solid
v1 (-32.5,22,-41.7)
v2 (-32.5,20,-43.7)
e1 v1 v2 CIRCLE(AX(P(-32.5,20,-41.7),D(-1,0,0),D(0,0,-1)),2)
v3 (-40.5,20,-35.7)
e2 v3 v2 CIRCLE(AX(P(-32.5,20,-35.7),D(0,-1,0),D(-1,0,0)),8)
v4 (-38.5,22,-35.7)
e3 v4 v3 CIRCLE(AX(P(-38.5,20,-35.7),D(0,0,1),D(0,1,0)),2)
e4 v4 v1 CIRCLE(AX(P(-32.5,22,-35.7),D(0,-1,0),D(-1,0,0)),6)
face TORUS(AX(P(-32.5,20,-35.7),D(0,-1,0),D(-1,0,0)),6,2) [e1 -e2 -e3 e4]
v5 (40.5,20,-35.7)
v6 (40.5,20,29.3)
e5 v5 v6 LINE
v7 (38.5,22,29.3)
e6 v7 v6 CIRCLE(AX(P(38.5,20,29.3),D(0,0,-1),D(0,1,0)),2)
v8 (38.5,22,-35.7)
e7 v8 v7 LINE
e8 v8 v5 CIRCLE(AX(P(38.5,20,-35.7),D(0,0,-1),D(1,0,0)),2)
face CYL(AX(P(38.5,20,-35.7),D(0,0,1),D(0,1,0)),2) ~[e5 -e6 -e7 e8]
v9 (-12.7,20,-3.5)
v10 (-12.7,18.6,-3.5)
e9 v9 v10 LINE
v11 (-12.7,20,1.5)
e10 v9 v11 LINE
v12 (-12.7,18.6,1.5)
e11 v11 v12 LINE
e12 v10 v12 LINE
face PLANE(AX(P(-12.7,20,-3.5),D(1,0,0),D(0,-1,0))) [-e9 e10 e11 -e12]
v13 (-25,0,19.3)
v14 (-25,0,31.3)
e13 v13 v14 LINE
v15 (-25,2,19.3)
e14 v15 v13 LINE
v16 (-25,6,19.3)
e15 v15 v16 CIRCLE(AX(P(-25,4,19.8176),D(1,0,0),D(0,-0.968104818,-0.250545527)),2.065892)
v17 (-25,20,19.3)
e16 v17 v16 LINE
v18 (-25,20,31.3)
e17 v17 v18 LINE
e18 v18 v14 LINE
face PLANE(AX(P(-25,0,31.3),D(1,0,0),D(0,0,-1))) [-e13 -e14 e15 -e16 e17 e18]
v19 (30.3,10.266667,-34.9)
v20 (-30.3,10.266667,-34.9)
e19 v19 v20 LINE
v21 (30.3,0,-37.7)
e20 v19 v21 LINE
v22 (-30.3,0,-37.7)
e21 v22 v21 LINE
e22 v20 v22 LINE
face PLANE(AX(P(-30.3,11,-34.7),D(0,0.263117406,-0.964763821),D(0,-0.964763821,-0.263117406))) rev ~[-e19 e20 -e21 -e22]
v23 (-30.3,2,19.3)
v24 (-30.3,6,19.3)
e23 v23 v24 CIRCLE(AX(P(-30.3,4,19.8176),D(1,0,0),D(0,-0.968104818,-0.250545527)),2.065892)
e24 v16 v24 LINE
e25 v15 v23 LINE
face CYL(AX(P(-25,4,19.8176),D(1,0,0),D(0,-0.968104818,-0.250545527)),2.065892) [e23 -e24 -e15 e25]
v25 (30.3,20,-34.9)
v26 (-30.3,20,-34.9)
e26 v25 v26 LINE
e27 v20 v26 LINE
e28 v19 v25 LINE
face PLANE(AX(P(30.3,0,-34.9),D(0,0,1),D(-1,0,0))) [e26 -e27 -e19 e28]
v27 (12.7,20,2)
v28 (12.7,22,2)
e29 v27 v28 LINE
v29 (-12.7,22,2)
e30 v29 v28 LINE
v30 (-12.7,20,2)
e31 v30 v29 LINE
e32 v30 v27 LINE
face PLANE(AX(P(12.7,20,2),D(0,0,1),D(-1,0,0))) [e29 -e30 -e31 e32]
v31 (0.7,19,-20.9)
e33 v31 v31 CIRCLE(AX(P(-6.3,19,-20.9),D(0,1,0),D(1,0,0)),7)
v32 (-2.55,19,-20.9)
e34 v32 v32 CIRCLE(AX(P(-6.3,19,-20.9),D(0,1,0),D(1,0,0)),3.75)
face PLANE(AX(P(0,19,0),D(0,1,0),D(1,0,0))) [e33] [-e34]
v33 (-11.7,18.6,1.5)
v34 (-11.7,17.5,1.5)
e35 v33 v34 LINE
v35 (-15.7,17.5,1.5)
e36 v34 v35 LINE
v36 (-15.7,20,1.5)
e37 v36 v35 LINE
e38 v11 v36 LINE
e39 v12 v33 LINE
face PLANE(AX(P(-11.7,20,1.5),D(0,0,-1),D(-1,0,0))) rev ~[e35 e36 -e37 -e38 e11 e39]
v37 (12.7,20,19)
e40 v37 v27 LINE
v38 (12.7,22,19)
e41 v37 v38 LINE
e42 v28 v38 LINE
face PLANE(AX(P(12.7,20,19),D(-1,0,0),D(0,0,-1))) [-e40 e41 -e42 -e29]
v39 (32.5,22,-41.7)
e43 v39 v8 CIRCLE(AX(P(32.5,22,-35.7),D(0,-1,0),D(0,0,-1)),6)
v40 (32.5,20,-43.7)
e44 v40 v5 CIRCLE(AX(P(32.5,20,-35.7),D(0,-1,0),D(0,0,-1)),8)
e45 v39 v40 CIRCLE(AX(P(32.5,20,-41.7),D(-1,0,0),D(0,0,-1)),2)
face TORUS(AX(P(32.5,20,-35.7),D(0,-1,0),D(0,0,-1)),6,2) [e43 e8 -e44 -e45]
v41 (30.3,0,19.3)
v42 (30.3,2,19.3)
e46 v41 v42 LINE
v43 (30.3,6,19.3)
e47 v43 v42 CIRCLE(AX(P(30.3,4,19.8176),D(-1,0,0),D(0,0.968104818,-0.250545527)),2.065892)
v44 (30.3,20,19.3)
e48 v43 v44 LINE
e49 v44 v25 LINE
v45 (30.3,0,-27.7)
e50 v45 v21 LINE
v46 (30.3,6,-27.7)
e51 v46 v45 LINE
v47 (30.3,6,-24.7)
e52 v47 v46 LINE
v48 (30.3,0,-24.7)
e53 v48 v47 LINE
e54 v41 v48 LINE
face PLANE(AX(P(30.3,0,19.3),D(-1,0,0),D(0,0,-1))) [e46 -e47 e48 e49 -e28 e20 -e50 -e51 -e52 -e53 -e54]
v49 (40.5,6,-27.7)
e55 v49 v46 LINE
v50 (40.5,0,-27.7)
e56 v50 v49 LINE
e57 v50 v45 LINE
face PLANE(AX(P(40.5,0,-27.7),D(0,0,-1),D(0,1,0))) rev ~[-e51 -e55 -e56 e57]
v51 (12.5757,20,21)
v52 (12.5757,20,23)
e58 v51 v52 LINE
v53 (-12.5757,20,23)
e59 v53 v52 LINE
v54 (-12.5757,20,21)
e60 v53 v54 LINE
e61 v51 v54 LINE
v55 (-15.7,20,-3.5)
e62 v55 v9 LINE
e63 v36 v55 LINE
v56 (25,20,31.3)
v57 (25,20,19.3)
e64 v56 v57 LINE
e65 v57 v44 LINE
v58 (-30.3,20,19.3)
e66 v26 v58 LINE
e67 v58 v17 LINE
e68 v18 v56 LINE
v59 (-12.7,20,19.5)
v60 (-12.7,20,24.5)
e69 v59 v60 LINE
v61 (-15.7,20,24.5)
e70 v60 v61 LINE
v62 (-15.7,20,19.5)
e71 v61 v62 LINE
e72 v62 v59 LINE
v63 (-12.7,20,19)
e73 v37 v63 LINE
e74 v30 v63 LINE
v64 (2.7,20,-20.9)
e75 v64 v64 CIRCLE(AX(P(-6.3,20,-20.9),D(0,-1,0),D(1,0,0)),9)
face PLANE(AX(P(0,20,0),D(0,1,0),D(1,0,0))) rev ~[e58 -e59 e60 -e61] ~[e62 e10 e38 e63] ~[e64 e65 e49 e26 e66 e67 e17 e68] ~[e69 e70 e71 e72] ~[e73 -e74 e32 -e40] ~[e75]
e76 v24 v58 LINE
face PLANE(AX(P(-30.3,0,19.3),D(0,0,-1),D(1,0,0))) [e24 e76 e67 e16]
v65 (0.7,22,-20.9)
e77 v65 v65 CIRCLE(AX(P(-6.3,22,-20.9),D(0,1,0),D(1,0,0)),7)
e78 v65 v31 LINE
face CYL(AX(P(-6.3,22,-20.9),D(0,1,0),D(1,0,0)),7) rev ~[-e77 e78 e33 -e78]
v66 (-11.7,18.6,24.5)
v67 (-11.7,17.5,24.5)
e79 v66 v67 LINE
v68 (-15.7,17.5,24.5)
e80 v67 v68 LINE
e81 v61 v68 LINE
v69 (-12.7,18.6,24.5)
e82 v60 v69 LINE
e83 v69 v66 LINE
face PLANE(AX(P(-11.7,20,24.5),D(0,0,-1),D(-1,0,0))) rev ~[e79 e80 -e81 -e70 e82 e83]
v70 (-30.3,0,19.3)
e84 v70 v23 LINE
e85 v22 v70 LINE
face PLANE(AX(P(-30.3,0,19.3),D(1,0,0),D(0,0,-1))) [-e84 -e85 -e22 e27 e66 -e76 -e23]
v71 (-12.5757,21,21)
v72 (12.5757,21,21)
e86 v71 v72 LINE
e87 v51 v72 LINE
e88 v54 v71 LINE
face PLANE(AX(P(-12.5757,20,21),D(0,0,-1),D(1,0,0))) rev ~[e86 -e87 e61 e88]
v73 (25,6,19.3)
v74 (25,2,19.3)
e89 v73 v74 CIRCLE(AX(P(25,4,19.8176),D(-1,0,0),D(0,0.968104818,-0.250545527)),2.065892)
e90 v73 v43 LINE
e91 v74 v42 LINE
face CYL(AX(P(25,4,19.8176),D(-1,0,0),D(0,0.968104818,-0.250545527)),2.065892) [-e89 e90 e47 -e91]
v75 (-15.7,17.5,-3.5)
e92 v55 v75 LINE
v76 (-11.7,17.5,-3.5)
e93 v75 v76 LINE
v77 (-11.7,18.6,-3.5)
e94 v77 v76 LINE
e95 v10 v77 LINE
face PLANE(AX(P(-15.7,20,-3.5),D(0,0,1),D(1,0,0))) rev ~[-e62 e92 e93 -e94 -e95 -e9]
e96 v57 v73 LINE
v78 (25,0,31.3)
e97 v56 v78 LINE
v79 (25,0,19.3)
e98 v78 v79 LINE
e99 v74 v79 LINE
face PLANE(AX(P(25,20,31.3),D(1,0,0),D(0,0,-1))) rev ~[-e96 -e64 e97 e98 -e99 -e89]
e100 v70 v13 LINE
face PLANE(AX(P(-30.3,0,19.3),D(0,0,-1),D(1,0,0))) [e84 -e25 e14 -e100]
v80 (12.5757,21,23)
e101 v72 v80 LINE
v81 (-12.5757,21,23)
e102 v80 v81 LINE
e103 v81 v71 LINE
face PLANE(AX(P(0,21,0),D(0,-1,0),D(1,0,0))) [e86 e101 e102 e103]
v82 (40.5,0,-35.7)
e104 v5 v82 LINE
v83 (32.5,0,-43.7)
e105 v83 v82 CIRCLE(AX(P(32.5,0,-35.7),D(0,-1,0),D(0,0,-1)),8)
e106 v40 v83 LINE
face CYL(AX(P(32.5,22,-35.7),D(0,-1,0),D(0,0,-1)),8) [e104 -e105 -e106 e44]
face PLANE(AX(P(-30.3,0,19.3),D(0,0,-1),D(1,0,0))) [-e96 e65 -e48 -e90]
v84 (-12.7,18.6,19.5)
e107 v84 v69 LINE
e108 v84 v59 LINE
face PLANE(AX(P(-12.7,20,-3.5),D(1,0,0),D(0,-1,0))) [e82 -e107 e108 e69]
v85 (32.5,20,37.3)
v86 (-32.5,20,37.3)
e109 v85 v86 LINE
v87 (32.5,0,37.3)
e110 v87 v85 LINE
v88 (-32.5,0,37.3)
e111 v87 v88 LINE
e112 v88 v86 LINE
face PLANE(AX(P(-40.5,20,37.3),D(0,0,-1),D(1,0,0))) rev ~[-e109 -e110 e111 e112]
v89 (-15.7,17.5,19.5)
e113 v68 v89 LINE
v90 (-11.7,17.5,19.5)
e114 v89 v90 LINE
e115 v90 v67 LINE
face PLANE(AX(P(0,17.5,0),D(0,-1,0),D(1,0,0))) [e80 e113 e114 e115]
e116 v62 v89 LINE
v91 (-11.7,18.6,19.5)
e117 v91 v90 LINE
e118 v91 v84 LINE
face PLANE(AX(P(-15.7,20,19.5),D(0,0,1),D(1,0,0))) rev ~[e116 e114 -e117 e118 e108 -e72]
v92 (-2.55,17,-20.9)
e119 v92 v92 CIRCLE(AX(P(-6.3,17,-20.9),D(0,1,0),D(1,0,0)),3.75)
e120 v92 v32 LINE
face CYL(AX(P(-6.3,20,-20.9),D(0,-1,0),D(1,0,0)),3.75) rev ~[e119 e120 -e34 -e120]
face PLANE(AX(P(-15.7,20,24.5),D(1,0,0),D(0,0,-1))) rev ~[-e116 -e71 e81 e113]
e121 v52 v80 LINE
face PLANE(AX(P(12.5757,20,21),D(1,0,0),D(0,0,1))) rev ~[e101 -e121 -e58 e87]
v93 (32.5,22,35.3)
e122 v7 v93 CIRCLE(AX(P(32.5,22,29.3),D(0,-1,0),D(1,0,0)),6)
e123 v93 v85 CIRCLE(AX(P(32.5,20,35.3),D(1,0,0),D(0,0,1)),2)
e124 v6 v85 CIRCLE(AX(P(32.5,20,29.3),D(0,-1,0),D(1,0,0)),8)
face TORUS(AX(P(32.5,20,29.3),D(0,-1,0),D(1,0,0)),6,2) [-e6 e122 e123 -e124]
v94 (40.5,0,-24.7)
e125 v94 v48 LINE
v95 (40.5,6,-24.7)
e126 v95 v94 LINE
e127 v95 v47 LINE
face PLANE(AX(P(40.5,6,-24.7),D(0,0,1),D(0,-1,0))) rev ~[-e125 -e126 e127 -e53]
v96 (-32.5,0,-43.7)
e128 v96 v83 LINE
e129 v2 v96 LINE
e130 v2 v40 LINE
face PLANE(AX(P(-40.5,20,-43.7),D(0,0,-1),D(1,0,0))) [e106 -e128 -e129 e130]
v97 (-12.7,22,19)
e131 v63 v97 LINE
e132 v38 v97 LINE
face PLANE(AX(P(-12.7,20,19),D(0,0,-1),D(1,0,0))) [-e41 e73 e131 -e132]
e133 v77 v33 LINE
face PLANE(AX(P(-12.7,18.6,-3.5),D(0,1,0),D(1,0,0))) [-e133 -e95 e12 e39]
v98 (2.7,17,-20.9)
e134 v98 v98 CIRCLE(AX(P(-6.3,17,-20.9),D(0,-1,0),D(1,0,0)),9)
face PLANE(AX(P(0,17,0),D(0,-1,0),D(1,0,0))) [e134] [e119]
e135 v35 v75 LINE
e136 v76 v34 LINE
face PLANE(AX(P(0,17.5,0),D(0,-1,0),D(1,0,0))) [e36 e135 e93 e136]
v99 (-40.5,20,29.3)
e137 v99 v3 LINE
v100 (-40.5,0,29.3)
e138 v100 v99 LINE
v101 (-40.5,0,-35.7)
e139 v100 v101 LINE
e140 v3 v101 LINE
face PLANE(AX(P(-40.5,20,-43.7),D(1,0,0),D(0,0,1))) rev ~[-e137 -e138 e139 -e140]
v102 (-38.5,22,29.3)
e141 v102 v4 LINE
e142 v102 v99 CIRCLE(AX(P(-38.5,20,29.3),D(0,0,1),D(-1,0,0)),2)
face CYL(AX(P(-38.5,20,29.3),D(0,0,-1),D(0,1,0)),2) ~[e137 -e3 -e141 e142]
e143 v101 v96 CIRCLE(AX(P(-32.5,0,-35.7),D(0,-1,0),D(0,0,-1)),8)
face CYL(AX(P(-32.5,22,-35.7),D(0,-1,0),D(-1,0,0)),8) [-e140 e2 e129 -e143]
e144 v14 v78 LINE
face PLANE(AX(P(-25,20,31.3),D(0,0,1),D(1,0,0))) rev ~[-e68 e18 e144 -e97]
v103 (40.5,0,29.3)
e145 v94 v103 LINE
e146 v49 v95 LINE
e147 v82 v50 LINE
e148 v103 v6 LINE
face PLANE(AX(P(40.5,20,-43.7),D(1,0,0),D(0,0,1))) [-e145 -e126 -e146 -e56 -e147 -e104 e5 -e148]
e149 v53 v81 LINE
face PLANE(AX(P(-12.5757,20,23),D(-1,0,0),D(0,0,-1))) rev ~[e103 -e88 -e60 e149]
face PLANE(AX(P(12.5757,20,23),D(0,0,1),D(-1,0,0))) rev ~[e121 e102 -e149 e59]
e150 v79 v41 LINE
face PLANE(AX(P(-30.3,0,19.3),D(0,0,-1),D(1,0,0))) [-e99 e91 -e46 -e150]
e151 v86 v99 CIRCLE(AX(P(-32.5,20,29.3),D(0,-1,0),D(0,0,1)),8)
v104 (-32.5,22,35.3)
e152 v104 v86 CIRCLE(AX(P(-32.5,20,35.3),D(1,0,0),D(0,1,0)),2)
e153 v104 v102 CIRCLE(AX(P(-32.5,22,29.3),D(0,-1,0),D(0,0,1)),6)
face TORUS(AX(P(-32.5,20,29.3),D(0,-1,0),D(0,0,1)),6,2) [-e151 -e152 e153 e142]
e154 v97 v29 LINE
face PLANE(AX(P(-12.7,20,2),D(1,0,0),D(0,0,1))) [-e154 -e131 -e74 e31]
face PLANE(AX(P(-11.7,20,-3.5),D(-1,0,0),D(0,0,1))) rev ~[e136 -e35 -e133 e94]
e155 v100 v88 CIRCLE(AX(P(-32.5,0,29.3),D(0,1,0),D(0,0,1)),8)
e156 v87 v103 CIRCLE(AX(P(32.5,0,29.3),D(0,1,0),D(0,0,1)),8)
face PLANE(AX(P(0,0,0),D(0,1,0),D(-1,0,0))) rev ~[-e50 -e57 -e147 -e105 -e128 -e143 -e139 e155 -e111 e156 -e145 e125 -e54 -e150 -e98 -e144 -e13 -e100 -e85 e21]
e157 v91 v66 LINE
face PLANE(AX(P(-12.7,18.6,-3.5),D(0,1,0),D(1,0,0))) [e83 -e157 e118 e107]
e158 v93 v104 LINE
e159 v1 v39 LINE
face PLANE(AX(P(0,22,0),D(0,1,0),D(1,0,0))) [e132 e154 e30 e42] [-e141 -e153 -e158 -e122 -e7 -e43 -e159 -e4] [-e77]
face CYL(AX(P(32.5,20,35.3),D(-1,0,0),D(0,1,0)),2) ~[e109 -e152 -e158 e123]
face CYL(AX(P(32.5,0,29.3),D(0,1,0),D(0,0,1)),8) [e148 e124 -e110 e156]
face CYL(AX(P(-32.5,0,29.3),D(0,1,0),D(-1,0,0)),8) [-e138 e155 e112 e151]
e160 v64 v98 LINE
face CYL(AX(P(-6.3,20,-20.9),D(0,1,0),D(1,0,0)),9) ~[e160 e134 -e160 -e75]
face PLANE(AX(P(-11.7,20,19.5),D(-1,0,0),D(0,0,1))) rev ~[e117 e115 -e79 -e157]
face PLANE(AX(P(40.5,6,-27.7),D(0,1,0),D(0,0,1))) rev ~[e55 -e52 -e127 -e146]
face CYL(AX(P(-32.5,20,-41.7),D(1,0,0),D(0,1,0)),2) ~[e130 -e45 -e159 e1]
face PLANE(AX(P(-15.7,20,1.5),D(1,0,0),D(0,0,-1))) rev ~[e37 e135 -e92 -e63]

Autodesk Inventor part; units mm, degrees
ref_plane "YZ Plane" through (0, 0, 0) normal (1, 0, 0) x (0, 1, 0)
ref_plane "XZ Plane" through (0, 0, 0) normal (0, 1, 0) x (-1, 0, 0)
ref_plane "XY Plane" through (0, 0, 0) normal (0, 0, 1) x (1, 0, 0)
sketch "Skizze1" plane through (0, 0, 0) normal (0, 1, 0) x (-1, 0, 0)
  line L0 (30.3, 19.3) -> (-30.3, 19.3)
  line L1 (-30.3, 19.3) -> (-30.3, -34.9)
  line L2 (-30.3, -34.9) -> (30.3, -34.9)
  line L3 (30.3, -34.9) -> (30.3, 19.3)
  line L4 (40.5, -43.7) -> (-40.5, -43.7)
  line L5 (-40.5, -43.7) -> (-40.5, 37.3)
  line L6 (-40.5, 37.3) -> (40.5, 37.3)
  line L7 (40.5, 37.3) -> (40.5, -43.7)
  point P0 (0, 0)
  dimension "d0" = 30.3
  dimension "d1" = 60.6
  dimension "d2" = 54.2
  dimension "d3" = 19.3
  dimension "d4" = 81
  dimension "d5" = 81
  dimension "d6" = 40.5
  dimension "d7" = 18
extrude "Extrusion1" add sketch "Skizze1" along normal blind 20
sketch "Skizze2" plane through (0, 0, 0) normal (0, -1, 0) x (1, 0, 0)
  line L0 (-40.5, 37.3) -> (40.5, 37.3)
  line L1 (40.5, 37.3) -> (40.5, -43.7)
  line L2 (40.5, -43.7) -> (-40.5, -43.7)
  line L3 (-40.5, -43.7) -> (-40.5, 37.3)
  point P0 (0, 0)
sketch "Skizze3" plane through (0, 20, 0) normal (0, 1, 0) x (1, 0, 0)
  line L0 (30.3, -19.3) -> (-30.3, -19.3) projected
  line L1 (25, -19.3) -> (-25, -19.3)
  line L2 (-25, -19.3) -> (-25, -31.3)
  line L3 (-25, -31.3) -> (25, -31.3)
  line L4 (25, -31.3) -> (25, -19.3)
  point P0 (0, 0)
  point P1 (-25, -19.3)
  dimension "d12" = 12
  dimension "d13" = 50
  dimension "d14" = 25
extrude "Extrusion3" cut sketch "Skizze3" against normal blind 20
sketch "Skizze4" plane through (0, 20, 0) normal (0, 1, 0) x (1, 0, 0)
  line L0 (-40.5, -37.3) -> (40.5, -37.3) projected
  line L1 (-40.5, 43.7) -> (-40.5, -37.3) projected
  line L2 (40.5, -37.3) -> (-40.5, -37.3)
  line L3 (-40.5, -37.3) -> (-40.5, 43.7)
  line L4 (-40.5, 43.7) -> (40.5, 43.7)
  line L5 (40.5, 43.7) -> (40.5, -37.3)
  point P0 (0, 0)
extrude "Extrusion4" add sketch "Skizze4" along normal blind 2
sketch "Skizze5" plane through (0, 20, 0) normal (0, -1, 0) x (1, 0, 0)
  line L0 (-12.7, 19) -> (12.7, 19)
  line L1 (12.7, 19) -> (12.7, 2)
  line L2 (12.7, 2) -> (-12.7, 2)
  line L3 (-12.7, 2) -> (-12.7, 19)
  point P0 (0, 0)
  dimension "d19" = 25.4
  dimension "d20" = 17
  dimension "d21" = 12.7
  dimension "d22" = 2
extrude "Extrusion5" cut sketch "Skizze5" against normal blind 20
sketch "Skizze6" plane through (0, 20, 0) normal (0, -1, 0) x (1, 0, 0)
  line L0 (-12.5757, 21) -> (12.5757, 21)
  line L1 (12.5757, 21) -> (12.5757, 23)
  line L2 (12.5757, 23) -> (-12.5757, 23)
  line L3 (-12.5757, 23) -> (-12.5757, 21)
  line L4 (-12.7, 19) -> (12.7, 19) projected
  point P0 (0, 0)
  dimension "d25" = 2
  dimension "d26" = 2
extrude "Extrusion6" cut sketch "Skizze6" against normal blind 1
sketch "Skizze7" plane through (0, 20, 0) normal (0, -1, 0) x (1, 0, 0)
  line L0 (-15.7, -3.5) -> (-11.7, -3.5)
  line L1 (-11.7, -3.5) -> (-11.7, 1.5)
  line L2 (-11.7, 1.5) -> (-15.7, 1.5)
  line L3 (-15.7, 1.5) -> (-15.7, -3.5)
  line L4 (-15.7, 19.5) -> (-11.7, 19.5)
  line L5 (-11.7, 19.5) -> (-11.7, 24.5)
  line L6 (-11.7, 24.5) -> (-15.7, 24.5)
  line L7 (-15.7, 24.5) -> (-15.7, 19.5)
  line L8 (12.7, 2) -> (-12.7, 2) projected
  line L9 (-12.7, 19) -> (12.7, 19) projected
  line L10 (-12.7, 2) -> (-12.7, 19) projected
  point P0 (0, 0)
  point P1 (-11.7, 22)
  dimension "d29" = 4
  dimension "d30" = 0.5
  dimension "d31" = 5
  dimension "d32" = 5
  dimension "d33" = 0.5
  dimension "d34" = 1
extrude "Extrusion7" add sketch "Skizze7" along normal blind 2.5
sketch "Skizze8" plane through (-11.7, 20, -3.5) normal (0, 0, -1) x (-1, 0, 0)
  line L0 (0, 0) -> (0, -2.5) projected
  line L1 (0, 0) -> (1, 0)
  line L2 (1, 0) -> (1, -1.4)
  line L3 (1, -1.4) -> (0, -1.4)
  line L4 (0, -1.4) -> (0, 0)
  point P0 (-11.7, -20)
  point P1 (0, -1.4)
  dimension "d37" = 1
  dimension "d38" = 1.4
extrude "Extrusion8" cut sketch "Skizze8" against normal blind 29.5
fillet "Rundung1" radius 8 4 edges at (40.5, 11, 37.3) (40.5, 11, -43.7) (-40.5, 11, 37.3) (-40.5, 11, -43.7)
fillet "Rundung2" radius 2 8 edges at (38.1569, 22, -41.3569) (0, 22, -43.7) (-38.1569, 22, -41.3569) (-40.5, 22, -3.2) (-38.1569, 22, 34.9569) (0, 22, 37.3) (38.1569, 22, 34.9569) (40.5, 22, -3.2)
sketch "Skizze9" plane through (-30.3, 0, 19.3) normal (1, 0, 0) x (0, 0, -1)
  line L0 (54, 11) -> (57, 0)
  line L1 (63, 0) -> (55, 0) projected
  line L2 (57, 0) -> (54, 0)
  line L3 (54, 0) -> (54, 11)
  line L4 (53.8, 6) -> (53.8, 11) projected
  line L5 (53.8, 6) -> (53.8, 2) projected
  line L6 (49.8, 6) -> (53.8, 6) projected
  line L7 (49.8, 2) -> (49.8, 6) projected
  line L8 (49.8, 2) -> (53.8, 2) projected
  line L9 (49.8, 6) -> (53.8, 6) projected
  line L10 (53.8, 6) -> (53.8, 11) projected
  line L11 (49.8, 11) -> (53.8, 11) projected
  line L12 (49.8, 8.9) -> (49.8, 11) projected
  line L13 (49.8, 8.9) -> (51.8, 8.9) projected
  line L14 (51.8, 8.9) -> (51.8, 7) projected
  line L15 (51.8, 7) -> (49.8, 7) projected
  line L16 (49.8, 6) -> (49.8, 7) projected
  point P0 (19.3, 0)
  dimension "d45" = 11
  dimension "d46" = 9
  dimension "d47" = 3
extrude "Extrusion9" cut sketch "Skizze9" along normal up to surface (60.6 mm away) contours L0 L1 L2 L3
sketch "Skizze10" plane through (-25, 0, 31.3) normal (1, 0, 0) x (0, 0, -1)
  line L0 (16.3, 6) -> (12.3, 6) projected
  line L1 (12.3, 2) -> (31.3, 2) projected
  line L2 (12, 0) -> (12, 20) projected
  arc A0 (12, 2) -> (12, 6) centre (11.4824, 4) ccw
  line L3 (12, 2) -> (12, 6)
  point P0 (31.3, 0)
extrude "Extrusion10" add sketch "Skizze10" against normal blind 10
sketch "Skizze11" plane through (25, 0, 19.3) normal (-1, 0, 0) x (0, 0, 1)
  line L0 (12, 20) -> (0, 20) projected
  line L1 (12, 20) -> (12, 0) projected
  line L2 (0, 0) -> (12, 0) projected
  line L3 (0, 2) -> (0, 0) projected
  arc A0 (0, 6) -> (0, 2) centre (0.5176, 4) ccw projected
  line L4 (0, 20) -> (0, 6) projected
  line L5 (0, 6) -> (0, 2)
  line L6 (0, 0) -> (0, 20) projected
  arc A1 (0, 2) -> (0, 2) centre (0.512, 3.9787) ccw
  point P0 (-19.3, 0)
extrude "Extrusion11" add sketch "Skizze11" against normal blind 10 contours A0 L5 A1 | A1 L5 picked at (-0.1516, 3.3785)
sketch "Skizze12" plane through (0, 20, 0) normal (0, -1, 0) x (1, 0, 0)
  circle A0 centre (-6.3, -20.9) radius 3.75
  line L0 (-30.3, -34.9) -> (30.3, -34.9) projected
  line L1 (-30.3, 19.3) -> (-30.3, -37.7) projected
  point P0 (0, 0)
  dimension "d52" = 14
  dimension "d53" = 24
  dimension "d54" = 7.5
extrude "Extrusion12" cut sketch "Skizze12" against normal blind 10
sketch "Skizze13" plane through (0, 20, 0) normal (0, -1, 0) x (1, 0, 0)
  circle A0 centre (-6.3, -20.9) radius 4.75
  circle A1 centre (-6.3, -20.9) radius 9
  point P0 (0, 0)
  dimension "d57" = 18
  dimension "d70" = 9.5
extrude "Extrusion13" add sketch "Skizze13" along normal blind 3 contours A0 | A1
sketch "Skizze14" plane through (-6.3, 20, -20.9) normal (0, 1, 0) x (1, 0, 0)
  circle A0 centre (0, 0) radius 3.75 projected
  point P0 (6.3, -20.9)
extrude "Extrusion14" cut sketch "Skizze14" against normal through all
sketch "Skizze15" plane through (0, 22, 0) normal (0, 1, 0) x (1, 0, 0)
  circle A0 centre (-6.3, 20.9) radius 3.75 projected
  circle A1 centre (-6.3, 20.9) radius 7
  point P0 (0, 0)
  dimension "d62" = 14
extrude "Extrusion15" cut sketch "Skizze15" against normal blind 3
sketch "Skizze16" plane through (40.5, 0, 29.3) normal (1, 0, 0) x (0, 0, -1)
  line L0 (67, 0) -> (10, 0) projected
  line L1 (54, 0) -> (57, 0)
  line L2 (57, 0) -> (57, 6)
  line L3 (57, 6) -> (54, 6)
  line L4 (54, 6) -> (54, 0)
  line L5 (73, 0) -> (73, 20) projected
  point P0 (29.3, 0)
  dimension "d65" = 6
  dimension "d66" = 3
  dimension "d67" = 16
extrude "Extrusion16" cut sketch "Skizze16" against normal blind 27.75
equation "\"d0\" = 0.5 * d1"
equation "\"d6\" = 0.5 * d4"
equation "\"d14\" = 0.5 * d13"
equation "\"d21\" = 0.5 * d19"
properties part number "Deckel"
